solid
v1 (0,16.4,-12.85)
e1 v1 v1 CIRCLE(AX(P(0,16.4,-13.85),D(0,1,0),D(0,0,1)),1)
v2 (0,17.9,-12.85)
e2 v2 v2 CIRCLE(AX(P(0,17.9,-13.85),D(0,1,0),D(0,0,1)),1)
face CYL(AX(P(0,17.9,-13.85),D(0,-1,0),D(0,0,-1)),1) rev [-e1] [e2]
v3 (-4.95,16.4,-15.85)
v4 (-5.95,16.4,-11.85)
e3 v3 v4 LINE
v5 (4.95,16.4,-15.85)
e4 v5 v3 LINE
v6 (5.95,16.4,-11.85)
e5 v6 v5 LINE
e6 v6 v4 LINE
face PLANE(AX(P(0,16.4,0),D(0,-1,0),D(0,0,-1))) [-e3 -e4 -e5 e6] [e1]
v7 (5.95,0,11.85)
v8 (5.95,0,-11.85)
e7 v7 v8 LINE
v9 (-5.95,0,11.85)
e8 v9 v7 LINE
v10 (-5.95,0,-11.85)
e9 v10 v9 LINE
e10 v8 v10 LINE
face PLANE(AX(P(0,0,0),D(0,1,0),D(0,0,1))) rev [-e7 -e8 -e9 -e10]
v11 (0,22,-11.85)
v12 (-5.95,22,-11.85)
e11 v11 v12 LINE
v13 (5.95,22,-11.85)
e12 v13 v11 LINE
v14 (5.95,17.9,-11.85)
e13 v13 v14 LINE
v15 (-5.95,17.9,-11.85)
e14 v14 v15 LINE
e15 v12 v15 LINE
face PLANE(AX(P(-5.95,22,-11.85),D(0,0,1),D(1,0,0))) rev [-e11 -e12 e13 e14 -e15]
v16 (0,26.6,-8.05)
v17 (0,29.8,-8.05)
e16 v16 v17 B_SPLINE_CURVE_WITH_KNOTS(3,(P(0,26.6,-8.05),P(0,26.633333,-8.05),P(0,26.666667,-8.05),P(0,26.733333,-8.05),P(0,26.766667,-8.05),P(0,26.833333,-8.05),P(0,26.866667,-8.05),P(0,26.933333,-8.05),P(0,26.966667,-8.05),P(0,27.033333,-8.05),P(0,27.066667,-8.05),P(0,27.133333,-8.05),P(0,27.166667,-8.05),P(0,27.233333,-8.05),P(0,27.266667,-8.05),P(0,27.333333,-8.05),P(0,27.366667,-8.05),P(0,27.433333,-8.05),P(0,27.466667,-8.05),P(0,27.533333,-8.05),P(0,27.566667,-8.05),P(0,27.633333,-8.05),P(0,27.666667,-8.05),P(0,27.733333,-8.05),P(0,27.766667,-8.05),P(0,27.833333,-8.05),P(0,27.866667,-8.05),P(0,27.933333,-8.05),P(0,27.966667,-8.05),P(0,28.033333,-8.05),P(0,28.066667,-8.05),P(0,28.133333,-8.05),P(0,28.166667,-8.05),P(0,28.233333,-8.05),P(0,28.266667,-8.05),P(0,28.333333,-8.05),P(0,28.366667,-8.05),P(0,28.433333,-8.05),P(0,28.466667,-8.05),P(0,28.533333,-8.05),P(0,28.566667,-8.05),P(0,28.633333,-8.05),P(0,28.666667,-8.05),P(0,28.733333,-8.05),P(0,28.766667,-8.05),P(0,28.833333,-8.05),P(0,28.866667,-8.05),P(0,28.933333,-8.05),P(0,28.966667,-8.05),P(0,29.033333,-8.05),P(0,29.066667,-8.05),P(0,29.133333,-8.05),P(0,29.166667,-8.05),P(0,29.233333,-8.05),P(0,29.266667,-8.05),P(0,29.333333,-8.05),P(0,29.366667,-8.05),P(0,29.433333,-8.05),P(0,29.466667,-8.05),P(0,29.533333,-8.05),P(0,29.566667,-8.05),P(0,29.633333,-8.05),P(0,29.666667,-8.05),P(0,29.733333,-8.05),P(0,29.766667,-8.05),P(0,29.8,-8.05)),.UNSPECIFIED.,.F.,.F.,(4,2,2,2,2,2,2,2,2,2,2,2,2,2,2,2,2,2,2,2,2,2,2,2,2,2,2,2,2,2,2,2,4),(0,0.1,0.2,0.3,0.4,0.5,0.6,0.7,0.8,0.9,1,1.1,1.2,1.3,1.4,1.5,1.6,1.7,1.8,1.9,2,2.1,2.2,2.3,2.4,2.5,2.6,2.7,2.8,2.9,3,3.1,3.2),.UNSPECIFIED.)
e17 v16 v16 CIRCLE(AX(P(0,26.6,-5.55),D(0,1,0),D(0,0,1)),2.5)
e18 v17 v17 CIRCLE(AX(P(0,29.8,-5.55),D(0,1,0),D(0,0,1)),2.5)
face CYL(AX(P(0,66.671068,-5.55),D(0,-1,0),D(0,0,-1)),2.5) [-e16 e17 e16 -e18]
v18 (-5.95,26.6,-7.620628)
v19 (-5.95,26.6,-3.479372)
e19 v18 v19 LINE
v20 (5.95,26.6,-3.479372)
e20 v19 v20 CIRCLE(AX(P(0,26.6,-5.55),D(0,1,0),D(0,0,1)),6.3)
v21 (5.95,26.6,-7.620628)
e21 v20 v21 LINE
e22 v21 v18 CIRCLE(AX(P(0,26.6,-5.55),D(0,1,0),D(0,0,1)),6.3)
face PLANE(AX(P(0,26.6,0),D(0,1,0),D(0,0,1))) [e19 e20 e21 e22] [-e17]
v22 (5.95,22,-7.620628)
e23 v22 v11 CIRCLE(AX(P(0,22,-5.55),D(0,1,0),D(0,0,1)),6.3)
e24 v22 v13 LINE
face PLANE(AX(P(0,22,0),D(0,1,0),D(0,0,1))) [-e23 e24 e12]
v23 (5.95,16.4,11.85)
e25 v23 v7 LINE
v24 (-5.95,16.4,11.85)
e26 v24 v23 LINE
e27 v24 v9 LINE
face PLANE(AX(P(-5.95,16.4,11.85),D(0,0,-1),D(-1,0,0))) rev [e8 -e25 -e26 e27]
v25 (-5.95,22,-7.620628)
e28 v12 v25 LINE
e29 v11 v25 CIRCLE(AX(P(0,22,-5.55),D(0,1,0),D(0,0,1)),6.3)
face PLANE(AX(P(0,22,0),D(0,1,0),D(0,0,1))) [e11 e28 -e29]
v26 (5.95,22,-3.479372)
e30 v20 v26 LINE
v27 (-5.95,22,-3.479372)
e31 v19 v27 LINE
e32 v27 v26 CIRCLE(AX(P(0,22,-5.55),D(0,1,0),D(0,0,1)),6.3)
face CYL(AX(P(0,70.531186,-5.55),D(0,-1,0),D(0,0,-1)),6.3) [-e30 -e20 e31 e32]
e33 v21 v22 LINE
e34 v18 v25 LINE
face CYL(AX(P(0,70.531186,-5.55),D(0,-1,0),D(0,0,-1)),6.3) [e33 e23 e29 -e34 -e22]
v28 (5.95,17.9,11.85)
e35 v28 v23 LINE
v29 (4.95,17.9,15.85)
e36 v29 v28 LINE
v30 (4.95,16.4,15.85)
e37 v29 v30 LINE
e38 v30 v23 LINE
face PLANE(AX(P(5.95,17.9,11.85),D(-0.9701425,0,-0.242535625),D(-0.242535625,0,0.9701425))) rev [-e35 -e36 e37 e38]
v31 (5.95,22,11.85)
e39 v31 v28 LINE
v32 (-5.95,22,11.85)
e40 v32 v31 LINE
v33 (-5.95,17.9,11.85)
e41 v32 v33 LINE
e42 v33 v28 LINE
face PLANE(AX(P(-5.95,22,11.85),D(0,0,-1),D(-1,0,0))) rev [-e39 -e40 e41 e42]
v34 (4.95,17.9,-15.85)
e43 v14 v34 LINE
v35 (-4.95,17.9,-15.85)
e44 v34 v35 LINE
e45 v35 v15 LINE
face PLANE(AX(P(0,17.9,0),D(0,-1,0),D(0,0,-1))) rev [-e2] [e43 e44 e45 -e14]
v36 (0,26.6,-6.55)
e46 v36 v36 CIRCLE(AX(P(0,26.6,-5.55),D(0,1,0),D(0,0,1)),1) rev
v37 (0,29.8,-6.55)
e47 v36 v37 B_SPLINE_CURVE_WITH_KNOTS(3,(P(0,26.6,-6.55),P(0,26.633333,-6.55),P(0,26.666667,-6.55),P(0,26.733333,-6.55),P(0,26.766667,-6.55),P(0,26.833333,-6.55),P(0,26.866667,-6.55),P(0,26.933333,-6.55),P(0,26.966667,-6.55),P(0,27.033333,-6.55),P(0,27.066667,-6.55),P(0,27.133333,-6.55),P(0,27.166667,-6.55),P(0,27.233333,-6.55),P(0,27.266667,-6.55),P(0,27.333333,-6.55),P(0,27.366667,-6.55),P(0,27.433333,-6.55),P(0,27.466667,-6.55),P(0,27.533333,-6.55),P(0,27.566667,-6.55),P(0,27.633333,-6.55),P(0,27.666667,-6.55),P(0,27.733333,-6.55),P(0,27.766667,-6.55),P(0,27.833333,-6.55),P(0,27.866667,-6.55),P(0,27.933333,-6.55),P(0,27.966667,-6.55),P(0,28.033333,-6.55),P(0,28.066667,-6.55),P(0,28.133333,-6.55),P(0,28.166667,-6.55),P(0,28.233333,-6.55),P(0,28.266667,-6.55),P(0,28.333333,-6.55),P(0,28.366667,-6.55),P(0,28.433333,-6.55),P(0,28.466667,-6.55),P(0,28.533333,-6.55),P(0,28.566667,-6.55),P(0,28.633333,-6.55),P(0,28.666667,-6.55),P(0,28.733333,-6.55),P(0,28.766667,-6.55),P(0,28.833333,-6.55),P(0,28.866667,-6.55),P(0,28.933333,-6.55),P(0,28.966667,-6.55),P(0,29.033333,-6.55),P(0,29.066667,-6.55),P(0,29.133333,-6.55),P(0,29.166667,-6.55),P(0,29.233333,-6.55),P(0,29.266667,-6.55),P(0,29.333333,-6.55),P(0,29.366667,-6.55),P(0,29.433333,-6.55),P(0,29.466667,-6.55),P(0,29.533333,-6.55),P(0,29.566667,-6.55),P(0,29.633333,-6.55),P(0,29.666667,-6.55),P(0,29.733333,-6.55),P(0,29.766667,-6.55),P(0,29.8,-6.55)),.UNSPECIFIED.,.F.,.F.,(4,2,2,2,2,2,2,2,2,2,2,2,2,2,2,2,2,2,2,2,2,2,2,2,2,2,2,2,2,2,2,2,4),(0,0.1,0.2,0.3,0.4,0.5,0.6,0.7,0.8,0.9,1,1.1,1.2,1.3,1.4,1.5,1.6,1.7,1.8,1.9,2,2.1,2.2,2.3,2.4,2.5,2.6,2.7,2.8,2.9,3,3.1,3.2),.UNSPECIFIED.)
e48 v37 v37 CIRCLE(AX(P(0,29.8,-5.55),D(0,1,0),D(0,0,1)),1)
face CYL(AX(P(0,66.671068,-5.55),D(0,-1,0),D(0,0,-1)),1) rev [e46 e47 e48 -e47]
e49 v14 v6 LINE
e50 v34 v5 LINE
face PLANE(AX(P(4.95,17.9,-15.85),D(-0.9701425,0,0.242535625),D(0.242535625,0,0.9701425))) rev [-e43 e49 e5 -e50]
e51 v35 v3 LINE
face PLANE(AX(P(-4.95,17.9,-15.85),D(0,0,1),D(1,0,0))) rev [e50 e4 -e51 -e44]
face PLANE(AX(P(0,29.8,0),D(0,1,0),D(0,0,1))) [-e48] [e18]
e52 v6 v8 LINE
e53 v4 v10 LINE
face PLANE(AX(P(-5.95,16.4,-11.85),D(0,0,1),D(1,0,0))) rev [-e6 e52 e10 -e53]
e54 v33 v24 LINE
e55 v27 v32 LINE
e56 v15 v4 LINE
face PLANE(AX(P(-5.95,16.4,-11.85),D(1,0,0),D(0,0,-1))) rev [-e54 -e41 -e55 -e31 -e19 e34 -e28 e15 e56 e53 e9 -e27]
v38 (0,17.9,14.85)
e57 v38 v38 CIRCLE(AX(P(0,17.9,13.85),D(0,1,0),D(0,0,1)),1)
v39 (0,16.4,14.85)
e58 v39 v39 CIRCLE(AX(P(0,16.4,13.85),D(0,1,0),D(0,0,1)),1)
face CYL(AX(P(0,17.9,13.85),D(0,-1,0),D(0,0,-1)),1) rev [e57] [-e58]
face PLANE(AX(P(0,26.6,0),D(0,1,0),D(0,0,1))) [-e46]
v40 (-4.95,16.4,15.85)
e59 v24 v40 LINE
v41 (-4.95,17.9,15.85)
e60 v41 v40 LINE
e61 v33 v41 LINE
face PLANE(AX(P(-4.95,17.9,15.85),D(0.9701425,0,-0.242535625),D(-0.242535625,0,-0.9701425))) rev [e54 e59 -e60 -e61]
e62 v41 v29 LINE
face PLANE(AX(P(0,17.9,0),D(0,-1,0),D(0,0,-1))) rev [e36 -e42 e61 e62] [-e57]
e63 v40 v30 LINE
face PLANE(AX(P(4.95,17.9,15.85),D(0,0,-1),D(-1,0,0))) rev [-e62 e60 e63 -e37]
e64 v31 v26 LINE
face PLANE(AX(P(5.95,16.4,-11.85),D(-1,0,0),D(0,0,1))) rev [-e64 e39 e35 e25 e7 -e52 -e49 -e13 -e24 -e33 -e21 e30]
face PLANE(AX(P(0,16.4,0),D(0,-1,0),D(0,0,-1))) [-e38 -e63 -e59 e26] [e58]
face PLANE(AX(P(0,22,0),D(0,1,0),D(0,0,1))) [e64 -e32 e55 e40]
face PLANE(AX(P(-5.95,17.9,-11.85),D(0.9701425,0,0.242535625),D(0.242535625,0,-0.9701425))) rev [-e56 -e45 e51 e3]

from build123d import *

# Parameters (mm, degrees)
SKETCH_1_W      = 11.9
SKETCH_1_H      = 23.7
EXTRUDE_1_DEPTH = 16.4
SKETCH_2_R      = 1
EXTRUDE_2_DEPTH = 1.5
SKETCH_3_W      = 11.9
SKETCH_3_H      = 23.7
EXTRUDE_3_DEPTH = 4.1
EXTRUDE_4_DEPTH = 4.6
SKETCH_5_R      = 2.5
SKETCH_5_R_2    = 1
EXTRUDE_5_DEPTH = 3.2


with BuildPart() as part:
    # 草图1 → 凸台-拉伸1 (new body)
    with BuildSketch(Plane(origin=(0, 0, 0), x_dir=(1, 0, 0), z_dir=(0, 1, 0))):
        Rectangle(SKETCH_1_W, SKETCH_1_H)
    extrude(amount=EXTRUDE_1_DEPTH)

    # 草图2 → 凸台-拉伸2 (add)
    with BuildSketch(Plane(origin=(0, 16.4, 0), x_dir=(1, 0, 0), z_dir=(0, 1, 0))):
        Polygon((-5.95, 11.85), (-4.95, 15.85), (4.95, 15.85), (5.95, 11.85), (5.95, -11.85), (4.95, -15.85), (-4.95, -15.85), (-5.95, -11.85), align=None)
        with Locations(Location((0, 13.85, 0), (0, 0, 270))):
            Circle(SKETCH_2_R, mode=Mode.SUBTRACT)
        with Locations(Location((0, -13.85, 0), (0, 0, 270))):
            Circle(SKETCH_2_R, mode=Mode.SUBTRACT)
    extrude(amount=EXTRUDE_2_DEPTH)

    # 草图3 → 凸台-拉伸3 (add)
    with BuildSketch(Plane(origin=(0, 17.9, 0), x_dir=(1, 0, 0), z_dir=(0, 1, 0))):
        Rectangle(SKETCH_3_W, SKETCH_3_H)
    extrude(amount=EXTRUDE_3_DEPTH)

    # 草图4 → 凸台-拉伸4 (add)
    with BuildSketch(Plane(origin=(0, 22, 0), x_dir=(1, 0, 0), z_dir=(0, 1, 0))):
        with BuildLine():
            Line((-5.95, 7.620627924), (-5.95, 3.479372076))
            ThreePointArc((-5.95, 3.479372076), (0, -0.75), (5.95, 3.479372076))
            Line((5.95, 3.479372076), (5.95, 7.620627924))
            ThreePointArc((5.95, 7.620627924), (0, 11.85), (-5.95, 7.620627924))
        make_face()
    extrude(amount=EXTRUDE_4_DEPTH)

    # 草图5 → 凸台-拉伸5 (add)
    with BuildSketch(Plane(origin=(0, 26.6, 0), x_dir=(1, 0, 0), z_dir=(0, 1, 0))):
        with Locations(Location((0, 5.55, 0), (0, 0, 90))):
            Circle(SKETCH_5_R)
        with Locations(Location((0, 5.55, 0), (0, 0, 90))):
            Circle(SKETCH_5_R_2, mode=Mode.SUBTRACT)
    extrude(amount=EXTRUDE_5_DEPTH)


solid = part.part
